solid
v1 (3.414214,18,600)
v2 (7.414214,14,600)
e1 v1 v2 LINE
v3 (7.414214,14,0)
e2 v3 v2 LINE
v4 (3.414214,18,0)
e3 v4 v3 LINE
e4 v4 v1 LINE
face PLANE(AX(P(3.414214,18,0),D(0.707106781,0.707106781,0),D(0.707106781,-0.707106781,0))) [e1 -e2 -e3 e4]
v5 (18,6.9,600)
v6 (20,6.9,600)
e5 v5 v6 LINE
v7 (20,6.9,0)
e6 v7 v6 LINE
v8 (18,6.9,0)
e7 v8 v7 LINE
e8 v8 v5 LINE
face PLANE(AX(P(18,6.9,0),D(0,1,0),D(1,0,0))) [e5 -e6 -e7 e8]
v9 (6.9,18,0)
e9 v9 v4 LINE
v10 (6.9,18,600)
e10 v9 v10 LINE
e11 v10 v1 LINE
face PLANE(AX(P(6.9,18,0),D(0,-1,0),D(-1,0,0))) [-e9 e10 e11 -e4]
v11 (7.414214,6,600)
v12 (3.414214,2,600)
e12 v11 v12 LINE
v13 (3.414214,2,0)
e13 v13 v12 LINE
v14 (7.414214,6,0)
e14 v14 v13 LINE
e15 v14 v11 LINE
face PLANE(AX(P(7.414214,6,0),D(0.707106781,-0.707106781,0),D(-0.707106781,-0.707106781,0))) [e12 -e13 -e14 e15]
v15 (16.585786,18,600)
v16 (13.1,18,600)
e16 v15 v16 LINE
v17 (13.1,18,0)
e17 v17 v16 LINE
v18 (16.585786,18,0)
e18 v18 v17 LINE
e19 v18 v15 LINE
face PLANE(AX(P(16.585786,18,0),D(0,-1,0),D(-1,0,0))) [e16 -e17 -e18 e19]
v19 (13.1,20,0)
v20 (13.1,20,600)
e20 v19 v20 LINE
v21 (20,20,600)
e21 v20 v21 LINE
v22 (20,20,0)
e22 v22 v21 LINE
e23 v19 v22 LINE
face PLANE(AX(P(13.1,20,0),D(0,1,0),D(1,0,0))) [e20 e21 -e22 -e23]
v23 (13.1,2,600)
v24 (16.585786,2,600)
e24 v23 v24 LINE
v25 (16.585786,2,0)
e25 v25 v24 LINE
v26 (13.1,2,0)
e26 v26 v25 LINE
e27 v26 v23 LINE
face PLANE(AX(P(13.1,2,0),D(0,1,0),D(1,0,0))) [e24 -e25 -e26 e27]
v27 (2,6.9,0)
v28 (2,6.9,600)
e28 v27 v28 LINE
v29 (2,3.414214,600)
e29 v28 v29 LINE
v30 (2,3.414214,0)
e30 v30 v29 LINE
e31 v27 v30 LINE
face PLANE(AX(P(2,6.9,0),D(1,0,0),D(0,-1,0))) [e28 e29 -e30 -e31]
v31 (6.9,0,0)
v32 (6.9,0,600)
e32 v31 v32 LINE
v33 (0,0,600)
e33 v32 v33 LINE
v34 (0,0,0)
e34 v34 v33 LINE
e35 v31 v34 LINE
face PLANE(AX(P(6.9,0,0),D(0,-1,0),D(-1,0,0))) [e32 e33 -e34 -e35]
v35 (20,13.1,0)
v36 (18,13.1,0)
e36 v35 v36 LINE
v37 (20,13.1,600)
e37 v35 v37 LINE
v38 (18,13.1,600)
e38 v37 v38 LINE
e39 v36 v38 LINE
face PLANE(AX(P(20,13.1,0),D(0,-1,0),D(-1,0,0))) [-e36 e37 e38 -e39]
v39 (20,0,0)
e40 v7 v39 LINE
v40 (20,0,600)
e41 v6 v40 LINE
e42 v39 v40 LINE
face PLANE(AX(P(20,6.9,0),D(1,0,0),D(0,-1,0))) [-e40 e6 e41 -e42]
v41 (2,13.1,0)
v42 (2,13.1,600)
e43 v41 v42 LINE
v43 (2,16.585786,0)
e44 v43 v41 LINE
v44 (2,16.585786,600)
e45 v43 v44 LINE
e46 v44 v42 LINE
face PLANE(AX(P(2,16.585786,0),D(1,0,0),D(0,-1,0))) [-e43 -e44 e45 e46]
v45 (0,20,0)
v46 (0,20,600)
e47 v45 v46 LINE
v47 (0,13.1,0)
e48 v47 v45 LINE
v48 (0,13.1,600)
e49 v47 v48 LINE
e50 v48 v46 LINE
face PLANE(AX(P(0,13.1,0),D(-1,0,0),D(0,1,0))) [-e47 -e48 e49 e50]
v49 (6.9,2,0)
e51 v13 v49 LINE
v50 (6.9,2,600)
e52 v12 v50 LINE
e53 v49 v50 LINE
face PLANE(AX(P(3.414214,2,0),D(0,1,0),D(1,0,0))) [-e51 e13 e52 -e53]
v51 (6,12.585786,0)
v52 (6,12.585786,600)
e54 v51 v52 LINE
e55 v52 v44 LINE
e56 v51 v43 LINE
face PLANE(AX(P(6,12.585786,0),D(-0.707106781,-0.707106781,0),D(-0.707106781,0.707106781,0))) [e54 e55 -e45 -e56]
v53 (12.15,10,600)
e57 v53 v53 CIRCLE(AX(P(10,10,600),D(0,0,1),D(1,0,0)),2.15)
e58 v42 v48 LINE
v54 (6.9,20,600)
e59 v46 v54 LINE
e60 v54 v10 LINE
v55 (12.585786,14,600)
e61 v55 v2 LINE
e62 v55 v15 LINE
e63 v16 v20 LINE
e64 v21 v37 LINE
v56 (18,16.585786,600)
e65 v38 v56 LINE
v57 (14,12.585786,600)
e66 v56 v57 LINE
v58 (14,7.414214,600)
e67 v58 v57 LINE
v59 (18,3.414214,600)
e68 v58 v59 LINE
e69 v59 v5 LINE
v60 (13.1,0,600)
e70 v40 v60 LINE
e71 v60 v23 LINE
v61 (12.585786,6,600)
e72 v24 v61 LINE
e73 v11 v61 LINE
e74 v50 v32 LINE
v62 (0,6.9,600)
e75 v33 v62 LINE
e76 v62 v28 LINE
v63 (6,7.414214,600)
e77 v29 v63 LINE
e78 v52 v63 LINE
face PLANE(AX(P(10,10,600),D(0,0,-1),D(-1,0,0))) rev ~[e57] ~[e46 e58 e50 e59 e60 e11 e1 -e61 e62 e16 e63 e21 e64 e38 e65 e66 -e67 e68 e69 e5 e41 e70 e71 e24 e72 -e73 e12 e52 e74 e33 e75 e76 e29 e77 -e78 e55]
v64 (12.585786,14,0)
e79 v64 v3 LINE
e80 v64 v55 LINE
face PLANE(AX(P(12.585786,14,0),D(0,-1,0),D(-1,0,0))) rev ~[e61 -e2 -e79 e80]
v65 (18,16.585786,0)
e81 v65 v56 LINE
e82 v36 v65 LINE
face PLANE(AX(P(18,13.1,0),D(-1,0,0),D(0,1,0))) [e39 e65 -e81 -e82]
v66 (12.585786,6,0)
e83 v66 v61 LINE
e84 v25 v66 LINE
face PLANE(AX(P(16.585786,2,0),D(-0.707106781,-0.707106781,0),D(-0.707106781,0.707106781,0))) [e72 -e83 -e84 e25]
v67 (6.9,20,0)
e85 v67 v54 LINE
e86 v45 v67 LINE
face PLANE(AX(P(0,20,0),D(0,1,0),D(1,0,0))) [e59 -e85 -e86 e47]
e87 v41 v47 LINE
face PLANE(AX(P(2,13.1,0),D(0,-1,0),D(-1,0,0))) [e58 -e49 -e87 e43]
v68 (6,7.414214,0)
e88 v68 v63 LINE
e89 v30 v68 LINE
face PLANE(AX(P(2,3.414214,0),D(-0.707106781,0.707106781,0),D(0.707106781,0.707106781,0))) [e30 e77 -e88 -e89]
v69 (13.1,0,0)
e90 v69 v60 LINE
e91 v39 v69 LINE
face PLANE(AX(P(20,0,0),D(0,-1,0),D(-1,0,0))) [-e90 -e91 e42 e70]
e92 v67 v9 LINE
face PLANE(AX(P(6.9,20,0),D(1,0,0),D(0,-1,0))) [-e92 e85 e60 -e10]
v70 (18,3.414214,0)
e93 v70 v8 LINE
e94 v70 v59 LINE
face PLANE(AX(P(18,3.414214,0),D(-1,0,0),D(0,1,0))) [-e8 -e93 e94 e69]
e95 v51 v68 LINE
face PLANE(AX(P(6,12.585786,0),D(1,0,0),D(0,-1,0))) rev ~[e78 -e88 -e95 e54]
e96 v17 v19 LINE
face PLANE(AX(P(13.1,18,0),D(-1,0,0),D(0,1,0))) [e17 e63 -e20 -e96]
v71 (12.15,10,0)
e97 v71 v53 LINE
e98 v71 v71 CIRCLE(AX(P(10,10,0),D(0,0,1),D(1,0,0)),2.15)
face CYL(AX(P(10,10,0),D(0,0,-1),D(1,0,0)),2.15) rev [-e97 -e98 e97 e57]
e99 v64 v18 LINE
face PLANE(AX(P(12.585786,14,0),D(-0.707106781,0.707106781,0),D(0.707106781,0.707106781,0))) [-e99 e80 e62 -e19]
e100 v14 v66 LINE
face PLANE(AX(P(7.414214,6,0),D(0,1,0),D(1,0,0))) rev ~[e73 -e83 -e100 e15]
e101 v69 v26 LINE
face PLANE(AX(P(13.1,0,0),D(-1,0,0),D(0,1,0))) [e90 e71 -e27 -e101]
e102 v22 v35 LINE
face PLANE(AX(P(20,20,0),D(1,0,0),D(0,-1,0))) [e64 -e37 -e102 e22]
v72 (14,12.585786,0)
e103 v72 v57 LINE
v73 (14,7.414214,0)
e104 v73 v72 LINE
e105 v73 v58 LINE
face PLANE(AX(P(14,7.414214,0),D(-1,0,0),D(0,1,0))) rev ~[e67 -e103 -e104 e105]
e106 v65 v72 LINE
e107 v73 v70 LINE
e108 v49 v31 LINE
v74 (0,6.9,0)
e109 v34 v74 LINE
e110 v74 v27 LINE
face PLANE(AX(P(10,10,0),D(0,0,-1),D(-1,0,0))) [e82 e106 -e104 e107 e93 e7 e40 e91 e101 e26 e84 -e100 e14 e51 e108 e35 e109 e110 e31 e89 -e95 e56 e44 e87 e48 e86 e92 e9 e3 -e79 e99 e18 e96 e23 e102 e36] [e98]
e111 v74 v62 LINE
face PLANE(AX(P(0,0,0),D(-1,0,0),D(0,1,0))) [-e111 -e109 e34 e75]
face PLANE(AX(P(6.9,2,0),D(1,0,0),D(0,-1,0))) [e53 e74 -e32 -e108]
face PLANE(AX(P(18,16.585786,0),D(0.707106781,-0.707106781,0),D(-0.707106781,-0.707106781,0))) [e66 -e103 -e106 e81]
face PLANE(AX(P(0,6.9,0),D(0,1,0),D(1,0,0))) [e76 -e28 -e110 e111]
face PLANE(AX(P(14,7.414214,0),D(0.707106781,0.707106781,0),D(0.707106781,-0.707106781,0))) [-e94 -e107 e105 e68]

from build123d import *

# Parameters (mm, degrees)
ESQUISSE1_R        = 2.15
BOSS_EXTRU_1_DEPTH = 600


with BuildPart() as part:
    # Esquisse1 → Boss.-Extru.1 (new body)
    with BuildSketch(Plane.XY):
        Polygon((20, 13.1), (18, 13.1), (18, 16.585786438), (14, 12.585786438), (14, 10), (14, 7.414213562), (18, 3.414213562), (18, 6.9), (20, 6.9), (20, 0), (13.1, 0), (13.1, 2), (16.585786438, 2), (12.585786438, 6), (10, 6), (7.414213562, 6), (3.414213562, 2), (6.9, 2), (6.9, 0), (0, 0), (0, 6.9), (2, 6.9), (2, 3.414213562), (6, 7.414213562), (6, 10), (6, 12.585786438), (2, 16.585786438), (2, 13.1), (0, 13.1), (0, 20), (6.9, 20), (6.9, 18), (3.414213562, 18), (7.414213562, 14), (10, 14), (12.585786438, 14), (16.585786438, 18), (13.1, 18), (13.1, 20), (20, 20), align=None)
        with Locations((10, 10)):
            Circle(ESQUISSE1_R, mode=Mode.SUBTRACT)
    extrude(amount=BOSS_EXTRU_1_DEPTH)


solid = part.part
